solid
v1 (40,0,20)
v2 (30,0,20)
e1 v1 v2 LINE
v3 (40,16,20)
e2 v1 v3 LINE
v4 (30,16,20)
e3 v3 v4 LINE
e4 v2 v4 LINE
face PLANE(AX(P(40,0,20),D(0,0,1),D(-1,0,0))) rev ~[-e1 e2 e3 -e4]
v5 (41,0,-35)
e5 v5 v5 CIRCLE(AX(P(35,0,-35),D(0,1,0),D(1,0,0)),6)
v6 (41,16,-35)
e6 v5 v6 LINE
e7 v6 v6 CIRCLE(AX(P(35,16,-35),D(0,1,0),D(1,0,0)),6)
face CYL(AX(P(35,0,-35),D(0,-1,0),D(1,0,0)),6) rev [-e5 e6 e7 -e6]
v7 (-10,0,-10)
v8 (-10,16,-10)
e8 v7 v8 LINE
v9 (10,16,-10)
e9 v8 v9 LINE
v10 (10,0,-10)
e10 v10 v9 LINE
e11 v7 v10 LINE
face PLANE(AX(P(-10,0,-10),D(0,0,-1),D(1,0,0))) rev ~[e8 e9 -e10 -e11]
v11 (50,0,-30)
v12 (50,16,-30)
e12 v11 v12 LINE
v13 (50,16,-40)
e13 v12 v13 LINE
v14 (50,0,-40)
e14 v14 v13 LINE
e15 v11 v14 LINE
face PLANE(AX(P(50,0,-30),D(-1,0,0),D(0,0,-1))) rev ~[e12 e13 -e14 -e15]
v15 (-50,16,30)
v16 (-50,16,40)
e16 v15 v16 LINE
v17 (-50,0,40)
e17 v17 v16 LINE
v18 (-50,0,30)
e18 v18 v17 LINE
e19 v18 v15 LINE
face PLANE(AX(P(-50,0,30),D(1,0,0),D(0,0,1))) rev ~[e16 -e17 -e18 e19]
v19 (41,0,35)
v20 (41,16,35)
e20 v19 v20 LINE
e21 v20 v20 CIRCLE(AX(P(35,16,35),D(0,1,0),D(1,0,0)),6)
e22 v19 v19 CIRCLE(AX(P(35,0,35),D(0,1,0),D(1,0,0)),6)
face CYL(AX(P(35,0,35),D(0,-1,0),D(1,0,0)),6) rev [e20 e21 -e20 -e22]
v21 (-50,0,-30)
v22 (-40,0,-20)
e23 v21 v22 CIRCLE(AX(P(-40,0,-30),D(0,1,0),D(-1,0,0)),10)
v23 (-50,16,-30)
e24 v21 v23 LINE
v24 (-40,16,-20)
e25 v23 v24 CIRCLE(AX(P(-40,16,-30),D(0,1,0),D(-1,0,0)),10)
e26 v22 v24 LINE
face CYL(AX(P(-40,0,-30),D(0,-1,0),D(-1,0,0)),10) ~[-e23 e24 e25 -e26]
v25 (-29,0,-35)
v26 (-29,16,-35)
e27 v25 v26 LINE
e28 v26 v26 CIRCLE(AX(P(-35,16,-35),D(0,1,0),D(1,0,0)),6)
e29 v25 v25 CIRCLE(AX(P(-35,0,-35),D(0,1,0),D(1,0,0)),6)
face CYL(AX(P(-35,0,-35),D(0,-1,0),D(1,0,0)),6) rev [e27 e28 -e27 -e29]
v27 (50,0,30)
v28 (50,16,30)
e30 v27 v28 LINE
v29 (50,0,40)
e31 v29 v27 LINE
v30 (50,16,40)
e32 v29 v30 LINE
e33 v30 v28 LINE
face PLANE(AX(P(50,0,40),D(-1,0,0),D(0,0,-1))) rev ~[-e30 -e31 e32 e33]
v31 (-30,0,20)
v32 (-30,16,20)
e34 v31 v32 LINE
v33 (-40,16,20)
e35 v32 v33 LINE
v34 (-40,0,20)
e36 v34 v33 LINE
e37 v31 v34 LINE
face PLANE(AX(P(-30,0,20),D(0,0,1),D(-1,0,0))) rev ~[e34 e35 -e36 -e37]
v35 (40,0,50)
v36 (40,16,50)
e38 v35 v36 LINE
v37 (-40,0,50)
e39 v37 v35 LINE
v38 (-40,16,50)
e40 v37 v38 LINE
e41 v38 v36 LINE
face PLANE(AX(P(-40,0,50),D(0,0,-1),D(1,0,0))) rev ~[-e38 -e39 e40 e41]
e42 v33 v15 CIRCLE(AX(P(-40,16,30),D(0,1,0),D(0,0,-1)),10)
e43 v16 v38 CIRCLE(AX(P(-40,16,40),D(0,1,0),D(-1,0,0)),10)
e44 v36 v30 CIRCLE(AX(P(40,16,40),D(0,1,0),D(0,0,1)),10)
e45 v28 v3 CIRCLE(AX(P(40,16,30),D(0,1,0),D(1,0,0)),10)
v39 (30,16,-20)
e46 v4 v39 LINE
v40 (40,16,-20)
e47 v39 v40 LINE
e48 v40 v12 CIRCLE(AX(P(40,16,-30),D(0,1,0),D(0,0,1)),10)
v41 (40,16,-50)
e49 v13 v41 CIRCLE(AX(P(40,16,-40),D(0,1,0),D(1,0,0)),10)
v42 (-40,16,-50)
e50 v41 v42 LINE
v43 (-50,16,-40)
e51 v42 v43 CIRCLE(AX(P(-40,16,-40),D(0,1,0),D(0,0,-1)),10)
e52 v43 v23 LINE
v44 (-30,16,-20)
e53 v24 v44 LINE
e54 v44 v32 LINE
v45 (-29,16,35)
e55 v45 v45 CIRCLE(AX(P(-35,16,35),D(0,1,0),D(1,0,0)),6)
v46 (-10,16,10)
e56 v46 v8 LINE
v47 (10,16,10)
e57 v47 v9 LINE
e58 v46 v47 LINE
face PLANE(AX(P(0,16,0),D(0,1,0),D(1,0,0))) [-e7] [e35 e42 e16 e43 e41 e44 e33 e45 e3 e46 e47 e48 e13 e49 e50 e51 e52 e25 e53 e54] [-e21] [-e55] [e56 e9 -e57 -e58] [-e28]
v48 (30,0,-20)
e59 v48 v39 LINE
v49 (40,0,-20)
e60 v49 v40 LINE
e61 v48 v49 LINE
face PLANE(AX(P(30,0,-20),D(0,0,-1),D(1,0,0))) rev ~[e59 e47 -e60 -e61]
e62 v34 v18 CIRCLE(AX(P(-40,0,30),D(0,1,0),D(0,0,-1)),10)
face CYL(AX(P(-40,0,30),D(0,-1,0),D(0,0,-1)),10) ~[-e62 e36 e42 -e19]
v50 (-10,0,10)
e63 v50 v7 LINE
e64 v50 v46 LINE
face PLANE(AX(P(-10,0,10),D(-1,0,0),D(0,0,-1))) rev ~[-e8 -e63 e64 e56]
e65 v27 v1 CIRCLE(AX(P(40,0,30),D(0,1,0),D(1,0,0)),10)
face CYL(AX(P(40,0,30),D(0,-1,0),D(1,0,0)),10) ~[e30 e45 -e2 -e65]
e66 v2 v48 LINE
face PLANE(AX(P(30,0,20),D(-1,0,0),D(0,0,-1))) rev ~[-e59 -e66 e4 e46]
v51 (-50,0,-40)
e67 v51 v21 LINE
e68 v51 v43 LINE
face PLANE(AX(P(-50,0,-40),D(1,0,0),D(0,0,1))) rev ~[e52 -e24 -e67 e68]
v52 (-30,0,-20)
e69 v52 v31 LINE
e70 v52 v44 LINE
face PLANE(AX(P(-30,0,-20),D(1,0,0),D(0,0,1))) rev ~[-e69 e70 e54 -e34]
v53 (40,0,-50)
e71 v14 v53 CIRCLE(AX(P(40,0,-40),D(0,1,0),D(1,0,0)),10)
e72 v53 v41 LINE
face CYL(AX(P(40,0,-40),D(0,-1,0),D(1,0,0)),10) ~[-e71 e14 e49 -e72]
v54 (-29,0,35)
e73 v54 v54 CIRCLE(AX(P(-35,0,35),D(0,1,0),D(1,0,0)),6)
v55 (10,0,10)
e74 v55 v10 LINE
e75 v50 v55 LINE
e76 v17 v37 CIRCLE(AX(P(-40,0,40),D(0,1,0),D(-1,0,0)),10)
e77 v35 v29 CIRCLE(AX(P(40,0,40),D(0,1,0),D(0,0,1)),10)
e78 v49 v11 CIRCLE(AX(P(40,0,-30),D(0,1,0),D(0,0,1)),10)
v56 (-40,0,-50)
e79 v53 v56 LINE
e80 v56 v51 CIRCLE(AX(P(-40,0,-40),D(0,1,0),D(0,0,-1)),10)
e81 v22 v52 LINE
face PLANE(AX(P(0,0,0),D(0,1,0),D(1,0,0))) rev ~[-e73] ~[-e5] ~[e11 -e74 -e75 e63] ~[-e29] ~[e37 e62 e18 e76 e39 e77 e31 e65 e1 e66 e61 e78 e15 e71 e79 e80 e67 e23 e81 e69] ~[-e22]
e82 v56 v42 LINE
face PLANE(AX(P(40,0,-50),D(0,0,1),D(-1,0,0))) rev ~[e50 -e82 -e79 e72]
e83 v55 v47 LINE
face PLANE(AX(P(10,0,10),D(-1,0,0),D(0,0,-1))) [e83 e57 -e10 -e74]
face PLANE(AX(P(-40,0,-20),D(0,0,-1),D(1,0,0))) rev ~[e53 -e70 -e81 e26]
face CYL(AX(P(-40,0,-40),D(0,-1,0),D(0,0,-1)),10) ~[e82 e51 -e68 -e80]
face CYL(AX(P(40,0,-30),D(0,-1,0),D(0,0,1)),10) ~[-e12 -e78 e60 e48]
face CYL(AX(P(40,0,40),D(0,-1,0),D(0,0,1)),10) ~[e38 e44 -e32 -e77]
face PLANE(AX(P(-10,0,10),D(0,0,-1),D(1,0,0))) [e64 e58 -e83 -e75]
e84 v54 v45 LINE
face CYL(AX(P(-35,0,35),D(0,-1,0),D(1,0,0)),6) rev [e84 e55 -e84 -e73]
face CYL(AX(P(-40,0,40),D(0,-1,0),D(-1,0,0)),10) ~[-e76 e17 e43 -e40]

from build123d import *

# Parameters (mm, degrees)
SKETCH1_R           = 6
SKETCH1_W           = 20
SKETCH1_H           = 20
BOSS_EXTRUDE1_DEPTH = 16


with BuildPart() as part:
    # Sketch1 → Boss-Extrude1 (new body)
    with BuildSketch(Plane(origin=(0, 0, 0), x_dir=(1, 0, 0), z_dir=(0, 1, 0))):
        with BuildLine():
            Line((-30, 20), (-30, -20))
            Line((-30, -20), (-40, -20))
            ThreePointArc((-40, -20), (-47.071067812, -22.928932188), (-50, -30))
            Line((-50, -30), (-50, -40))
            ThreePointArc((-50, -40), (-47.071067812, -47.071067812), (-40, -50))
            Line((-40, -50), (40, -50))
            ThreePointArc((40, -50), (47.071067812, -47.071067812), (50, -40))
            Line((50, -40), (50, -30))
            ThreePointArc((50, -30), (47.071067812, -22.928932188), (40, -20))
            Line((40, -20), (30, -20))
            Line((30, -20), (30, 20))
            Line((30, 20), (40, 20))
            ThreePointArc((40, 20), (47.071067812, 22.928932188), (50, 30))
            Line((50, 30), (50, 40))
            ThreePointArc((50, 40), (47.071067812, 47.071067812), (40, 50))
            Line((40, 50), (-40, 50))
            ThreePointArc((-40, 50), (-47.071067812, 47.071067812), (-50, 40))
            Line((-50, 40), (-50, 30))
            ThreePointArc((-50, 30), (-47.071067812, 22.928932188), (-40, 20))
            Line((-40, 20), (-30, 20))
        make_face()
        with Locations((-35, 35)):
            Circle(SKETCH1_R, mode=Mode.SUBTRACT)
        with Locations((35, 35)):
            Circle(SKETCH1_R, mode=Mode.SUBTRACT)
        with Locations((35, -35)):
            Circle(SKETCH1_R, mode=Mode.SUBTRACT)
        with Locations((-35, -35)):
            Circle(SKETCH1_R, mode=Mode.SUBTRACT)
        Rectangle(SKETCH1_W, SKETCH1_H, mode=Mode.SUBTRACT)
    extrude(amount=BOSS_EXTRUDE1_DEPTH)


solid = part.part
